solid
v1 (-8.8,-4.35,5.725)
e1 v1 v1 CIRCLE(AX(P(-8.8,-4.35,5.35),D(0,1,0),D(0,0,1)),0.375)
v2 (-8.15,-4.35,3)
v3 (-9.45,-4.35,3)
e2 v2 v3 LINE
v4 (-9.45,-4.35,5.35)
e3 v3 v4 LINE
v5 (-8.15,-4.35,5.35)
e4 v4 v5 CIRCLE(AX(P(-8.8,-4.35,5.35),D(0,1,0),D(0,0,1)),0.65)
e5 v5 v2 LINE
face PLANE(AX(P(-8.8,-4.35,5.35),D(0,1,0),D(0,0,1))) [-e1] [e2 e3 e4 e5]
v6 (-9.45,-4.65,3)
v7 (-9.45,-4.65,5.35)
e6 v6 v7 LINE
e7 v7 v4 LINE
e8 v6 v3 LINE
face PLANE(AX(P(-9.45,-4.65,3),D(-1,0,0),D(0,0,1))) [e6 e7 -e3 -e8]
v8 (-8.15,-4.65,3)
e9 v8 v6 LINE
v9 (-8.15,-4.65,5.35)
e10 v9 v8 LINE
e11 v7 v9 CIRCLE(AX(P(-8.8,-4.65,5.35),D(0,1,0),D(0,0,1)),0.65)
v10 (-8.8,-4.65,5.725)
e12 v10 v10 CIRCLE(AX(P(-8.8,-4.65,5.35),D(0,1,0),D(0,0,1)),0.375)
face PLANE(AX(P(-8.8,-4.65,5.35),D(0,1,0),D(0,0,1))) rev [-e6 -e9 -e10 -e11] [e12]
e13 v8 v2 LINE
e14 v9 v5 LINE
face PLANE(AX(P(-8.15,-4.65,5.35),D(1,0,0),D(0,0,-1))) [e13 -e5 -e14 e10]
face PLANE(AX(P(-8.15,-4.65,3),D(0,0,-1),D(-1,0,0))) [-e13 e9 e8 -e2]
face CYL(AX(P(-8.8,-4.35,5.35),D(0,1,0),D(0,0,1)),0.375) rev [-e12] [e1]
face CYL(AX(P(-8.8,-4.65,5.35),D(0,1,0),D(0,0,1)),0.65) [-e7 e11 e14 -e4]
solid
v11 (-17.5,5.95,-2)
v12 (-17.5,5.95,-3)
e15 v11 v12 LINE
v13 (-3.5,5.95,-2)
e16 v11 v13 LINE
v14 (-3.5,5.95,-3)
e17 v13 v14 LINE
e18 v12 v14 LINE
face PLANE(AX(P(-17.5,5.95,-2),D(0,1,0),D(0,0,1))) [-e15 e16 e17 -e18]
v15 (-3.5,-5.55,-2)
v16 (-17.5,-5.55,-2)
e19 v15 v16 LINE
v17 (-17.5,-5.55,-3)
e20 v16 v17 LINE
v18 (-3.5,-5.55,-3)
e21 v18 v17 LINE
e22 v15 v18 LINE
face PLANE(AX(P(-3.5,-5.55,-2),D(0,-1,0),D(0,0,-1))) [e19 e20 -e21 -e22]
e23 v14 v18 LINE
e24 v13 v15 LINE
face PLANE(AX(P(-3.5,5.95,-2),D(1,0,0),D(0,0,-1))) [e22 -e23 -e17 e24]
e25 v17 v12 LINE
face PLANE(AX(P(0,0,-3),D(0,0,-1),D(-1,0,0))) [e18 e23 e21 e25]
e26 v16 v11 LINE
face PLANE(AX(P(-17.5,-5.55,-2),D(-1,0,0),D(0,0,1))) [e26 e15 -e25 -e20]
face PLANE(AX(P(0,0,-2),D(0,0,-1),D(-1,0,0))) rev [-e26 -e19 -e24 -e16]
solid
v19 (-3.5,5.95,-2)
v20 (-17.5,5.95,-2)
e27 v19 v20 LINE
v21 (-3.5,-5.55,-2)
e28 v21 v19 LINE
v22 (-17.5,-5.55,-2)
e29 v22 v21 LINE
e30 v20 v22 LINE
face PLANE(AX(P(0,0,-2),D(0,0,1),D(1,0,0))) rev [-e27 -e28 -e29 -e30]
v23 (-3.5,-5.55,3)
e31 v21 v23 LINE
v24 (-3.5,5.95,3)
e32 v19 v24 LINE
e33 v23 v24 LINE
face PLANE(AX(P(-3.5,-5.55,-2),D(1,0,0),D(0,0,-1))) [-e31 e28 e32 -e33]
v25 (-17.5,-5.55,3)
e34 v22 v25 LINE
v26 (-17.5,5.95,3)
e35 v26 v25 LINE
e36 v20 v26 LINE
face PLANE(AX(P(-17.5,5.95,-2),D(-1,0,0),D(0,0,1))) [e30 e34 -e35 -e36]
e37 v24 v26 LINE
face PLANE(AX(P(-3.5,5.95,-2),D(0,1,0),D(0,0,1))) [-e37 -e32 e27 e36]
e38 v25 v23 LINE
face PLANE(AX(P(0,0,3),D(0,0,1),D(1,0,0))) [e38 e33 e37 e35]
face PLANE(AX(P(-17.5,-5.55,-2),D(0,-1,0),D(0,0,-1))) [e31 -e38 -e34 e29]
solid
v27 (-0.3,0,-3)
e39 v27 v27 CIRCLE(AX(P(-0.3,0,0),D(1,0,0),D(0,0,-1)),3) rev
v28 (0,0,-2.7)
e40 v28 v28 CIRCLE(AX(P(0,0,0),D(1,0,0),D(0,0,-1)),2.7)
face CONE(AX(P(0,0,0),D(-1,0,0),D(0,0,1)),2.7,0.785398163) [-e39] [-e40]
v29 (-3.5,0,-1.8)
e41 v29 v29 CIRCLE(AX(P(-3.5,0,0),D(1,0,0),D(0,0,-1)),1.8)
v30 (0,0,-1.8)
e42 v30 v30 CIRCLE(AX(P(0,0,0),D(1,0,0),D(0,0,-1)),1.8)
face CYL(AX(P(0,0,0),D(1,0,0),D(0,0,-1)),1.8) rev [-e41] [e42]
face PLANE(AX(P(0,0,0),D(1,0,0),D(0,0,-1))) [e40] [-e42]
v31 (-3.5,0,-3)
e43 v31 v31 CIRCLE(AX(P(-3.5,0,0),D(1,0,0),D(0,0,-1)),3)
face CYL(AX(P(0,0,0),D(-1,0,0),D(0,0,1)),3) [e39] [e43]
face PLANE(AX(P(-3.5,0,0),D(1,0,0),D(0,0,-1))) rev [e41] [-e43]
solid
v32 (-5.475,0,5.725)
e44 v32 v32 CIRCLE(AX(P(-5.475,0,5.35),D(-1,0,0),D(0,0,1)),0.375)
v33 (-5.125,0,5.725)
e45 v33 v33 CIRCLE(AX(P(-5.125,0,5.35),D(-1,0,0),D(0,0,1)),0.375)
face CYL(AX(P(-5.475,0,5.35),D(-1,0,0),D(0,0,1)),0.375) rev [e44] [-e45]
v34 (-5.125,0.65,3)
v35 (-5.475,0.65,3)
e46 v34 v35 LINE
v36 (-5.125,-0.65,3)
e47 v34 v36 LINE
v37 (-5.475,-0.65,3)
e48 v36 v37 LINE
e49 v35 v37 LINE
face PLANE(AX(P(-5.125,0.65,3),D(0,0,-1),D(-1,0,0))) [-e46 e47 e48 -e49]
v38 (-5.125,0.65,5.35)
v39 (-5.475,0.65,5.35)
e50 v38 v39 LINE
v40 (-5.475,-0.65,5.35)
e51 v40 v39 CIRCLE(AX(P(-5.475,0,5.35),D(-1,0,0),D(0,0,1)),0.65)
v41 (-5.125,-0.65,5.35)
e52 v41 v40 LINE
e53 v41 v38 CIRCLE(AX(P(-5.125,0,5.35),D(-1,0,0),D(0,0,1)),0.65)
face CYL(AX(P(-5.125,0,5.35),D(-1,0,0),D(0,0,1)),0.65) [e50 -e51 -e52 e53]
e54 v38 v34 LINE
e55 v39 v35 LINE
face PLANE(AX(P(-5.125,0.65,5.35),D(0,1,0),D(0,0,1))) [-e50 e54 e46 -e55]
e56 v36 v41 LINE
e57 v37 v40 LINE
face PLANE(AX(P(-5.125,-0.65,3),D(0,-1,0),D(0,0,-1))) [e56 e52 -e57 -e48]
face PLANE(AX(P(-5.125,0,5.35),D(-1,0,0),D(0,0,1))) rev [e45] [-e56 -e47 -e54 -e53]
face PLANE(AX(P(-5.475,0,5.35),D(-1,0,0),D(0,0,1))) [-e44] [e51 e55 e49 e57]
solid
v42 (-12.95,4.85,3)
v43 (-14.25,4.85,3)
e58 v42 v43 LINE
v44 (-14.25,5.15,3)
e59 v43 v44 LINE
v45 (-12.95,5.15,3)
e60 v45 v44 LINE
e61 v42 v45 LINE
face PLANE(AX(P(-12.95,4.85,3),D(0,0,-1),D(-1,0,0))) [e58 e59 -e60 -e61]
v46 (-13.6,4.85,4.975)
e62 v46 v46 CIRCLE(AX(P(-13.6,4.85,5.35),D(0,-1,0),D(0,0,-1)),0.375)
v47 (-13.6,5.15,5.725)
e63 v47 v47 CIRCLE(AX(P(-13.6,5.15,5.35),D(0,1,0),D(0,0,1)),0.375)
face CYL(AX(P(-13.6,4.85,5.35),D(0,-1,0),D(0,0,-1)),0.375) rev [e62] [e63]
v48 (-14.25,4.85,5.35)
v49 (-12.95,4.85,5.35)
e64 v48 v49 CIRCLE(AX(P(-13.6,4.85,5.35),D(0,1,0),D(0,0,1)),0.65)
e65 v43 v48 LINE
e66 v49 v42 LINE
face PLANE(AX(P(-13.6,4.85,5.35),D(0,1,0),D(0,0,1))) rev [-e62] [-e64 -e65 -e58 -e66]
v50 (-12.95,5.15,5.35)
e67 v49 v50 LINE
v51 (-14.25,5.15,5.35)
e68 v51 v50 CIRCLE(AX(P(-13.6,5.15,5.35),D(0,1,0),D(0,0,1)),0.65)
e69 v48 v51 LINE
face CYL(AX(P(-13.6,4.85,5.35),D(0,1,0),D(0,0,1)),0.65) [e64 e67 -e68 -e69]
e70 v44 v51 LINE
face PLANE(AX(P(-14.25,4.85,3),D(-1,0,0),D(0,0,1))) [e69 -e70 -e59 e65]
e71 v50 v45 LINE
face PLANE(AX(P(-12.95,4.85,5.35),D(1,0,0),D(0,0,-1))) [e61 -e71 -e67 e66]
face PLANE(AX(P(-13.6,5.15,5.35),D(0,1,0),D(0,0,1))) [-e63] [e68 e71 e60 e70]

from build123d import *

# Parameters (mm, degrees)
SKETCH1_W           = 14
SKETCH1_H           = 11.5
BOSS_EXTRUDE1_DEPTH = 1
SKETCH6_W           = 14
SKETCH6_H           = 11.5
BOSS_EXTRUDE2_DEPTH = 5
SKETCH12_R          = 3
BOSS_EXTRUDE3_DEPTH = 3.5
BOSS_EXTRUDE4_DEPTH = 0.3
BOSS_EXTRUDE5_DEPTH = 0.35
BOSS_EXTRUDE6_DEPTH = 0.3
SKETCH37_W          = 0.375
SKETCH37_H          = 1.2
SKETCH39_W          = 0.375
SKETCH39_H          = 5.475
SKETCH41_W          = 0.375
SKETCH41_H          = 1.1
SKETCH43_W          = 1.8
SKETCH43_H          = 3.5
CHAMFER1_SIZE       = 0.3


with BuildPart() as part:
    # Sketch1 → Boss-Extrude1 (new body)
    with BuildSketch(Plane(origin=(0, 0, -3), x_dir=(-1, 0, 0), z_dir=(0, 0, -1))):
        with Locations((10.5, 0.2)):
            Rectangle(SKETCH1_W, SKETCH1_H)
    extrude(amount=-BOSS_EXTRUDE1_DEPTH)


with BuildPart() as body_2:
    # Sketch6 → Boss-Extrude2 (new body)
    with BuildSketch(Plane.XY.offset(3)):
        with Locations((-10.5, 0.2)):
            Rectangle(SKETCH6_W, SKETCH6_H)
    extrude(amount=-BOSS_EXTRUDE2_DEPTH)


with BuildPart() as body_3:
    # Sketch12 → Boss-Extrude3 (new body)
    with BuildSketch(Plane(origin=(-3.5, 0, 0), x_dir=(0, 0, -1), z_dir=(1, 0, 0))):
        Circle(SKETCH12_R)
    extrude(amount=BOSS_EXTRUDE3_DEPTH)

    # Sketch43 → Ø3.6 (3.6) Diameter Hole1 (revolve, cut)
    with BuildSketch(Plane(origin=(0, 0, 0), x_dir=(0, 0, -1), z_dir=(0, 1, 0))):
        with Locations((0.9, 1.75)):
            Rectangle(SKETCH43_W, SKETCH43_H)
    revolve(axis=Axis((6.35, 0, 0), (-1, 0, 0)), mode=Mode.SUBTRACT)

    # Chamfer1
    chamfer1_edges = [body_3.edges().sort_by_distance(p)[0] for p in [
        (0, 0, 3),
    ]]
    chamfer(chamfer1_edges, length=CHAMFER1_SIZE)


with BuildPart() as body_4:
    # Sketch19 → Boss-Extrude4 (new body)
    with BuildSketch(Plane(origin=(0, 5.15, 0), x_dir=(1, 0, 0), z_dir=(0, 1, 0))):
        with BuildLine():
            Line((-14.25, -3), (-14.25, -5.35))
            ThreePointArc((-14.25, -5.35), (-13.6, -6), (-12.95, -5.35))
            Line((-12.95, -5.35), (-12.95, -3))
            Line((-12.95, -3), (-14.25, -3))
        make_face()
    extrude(amount=-BOSS_EXTRUDE4_DEPTH)

    # Sketch41 → Ø0.75 (0.75) Diameter Hole3 (revolve, cut)
    with BuildSketch(Plane(origin=(-13.6, 4.85, 5.35), x_dir=(0, 0, -1), z_dir=(1, 0, 0))):
        with Locations((0.1875, 0.55)):
            Rectangle(SKETCH41_W, SKETCH41_H)
    revolve(axis=Axis((-13.6, -1.5, 5.35), (0, 1, 0)), mode=Mode.SUBTRACT)


with BuildPart() as body_5:
    # Sketch27 → Boss-Extrude5 (new body)
    with BuildSketch(Plane.ZY.offset(5.475)):
        with BuildLine():
            Line((3, -0.65), (5.35, -0.65))
            ThreePointArc((5.35, -0.65), (6, 0), (5.35, 0.65))
            Line((5.35, 0.65), (3, 0.65))
            Line((3, 0.65), (3, -0.65))
        make_face()
    extrude(amount=-BOSS_EXTRUDE5_DEPTH)

    # Sketch39 → Ø0.75 (0.75) Diameter Hole2 (revolve, cut)
    with BuildSketch(Plane(origin=(-5.475, 0, 5.35), x_dir=(0, 0, 1), z_dir=(0, 1, 0))):
        with Locations((0.1875, 2.7375)):
            Rectangle(SKETCH39_W, SKETCH39_H)
    revolve(axis=Axis((-11.825, 0, 5.35), (1, 0, 0)), mode=Mode.SUBTRACT)


with BuildPart() as body_6:
    # Sketch36 → Boss-Extrude6 (new body)
    with BuildSketch(Plane(origin=(0, -4.35, 0), x_dir=(1, 0, 0), z_dir=(0, 1, 0))):
        with BuildLine():
            Line((-9.45, -3), (-9.45, -5.35))
            ThreePointArc((-9.45, -5.35), (-8.8, -6), (-8.15, -5.35))
            Line((-8.15, -5.35), (-8.15, -3))
            Line((-8.15, -3), (-9.45, -3))
        make_face()
    extrude(amount=-BOSS_EXTRUDE6_DEPTH)

    # Sketch37 → Ø0.75 (0.75) Diameter Hole1 (revolve, cut)
    with BuildSketch(Plane(origin=(-8.8, -4.35, 5.35), x_dir=(0, 0, 1), z_dir=(1, 0, 0))):
        with Locations((0.1875, 0.6)):
            Rectangle(SKETCH37_W, SKETCH37_H)
    revolve(axis=Axis((-8.8, 2, 5.35), (0, -1, 0)), mode=Mode.SUBTRACT)


solid = Compound([part.part, body_2.part, body_3.part, body_4.part, body_5.part, body_6.part])
